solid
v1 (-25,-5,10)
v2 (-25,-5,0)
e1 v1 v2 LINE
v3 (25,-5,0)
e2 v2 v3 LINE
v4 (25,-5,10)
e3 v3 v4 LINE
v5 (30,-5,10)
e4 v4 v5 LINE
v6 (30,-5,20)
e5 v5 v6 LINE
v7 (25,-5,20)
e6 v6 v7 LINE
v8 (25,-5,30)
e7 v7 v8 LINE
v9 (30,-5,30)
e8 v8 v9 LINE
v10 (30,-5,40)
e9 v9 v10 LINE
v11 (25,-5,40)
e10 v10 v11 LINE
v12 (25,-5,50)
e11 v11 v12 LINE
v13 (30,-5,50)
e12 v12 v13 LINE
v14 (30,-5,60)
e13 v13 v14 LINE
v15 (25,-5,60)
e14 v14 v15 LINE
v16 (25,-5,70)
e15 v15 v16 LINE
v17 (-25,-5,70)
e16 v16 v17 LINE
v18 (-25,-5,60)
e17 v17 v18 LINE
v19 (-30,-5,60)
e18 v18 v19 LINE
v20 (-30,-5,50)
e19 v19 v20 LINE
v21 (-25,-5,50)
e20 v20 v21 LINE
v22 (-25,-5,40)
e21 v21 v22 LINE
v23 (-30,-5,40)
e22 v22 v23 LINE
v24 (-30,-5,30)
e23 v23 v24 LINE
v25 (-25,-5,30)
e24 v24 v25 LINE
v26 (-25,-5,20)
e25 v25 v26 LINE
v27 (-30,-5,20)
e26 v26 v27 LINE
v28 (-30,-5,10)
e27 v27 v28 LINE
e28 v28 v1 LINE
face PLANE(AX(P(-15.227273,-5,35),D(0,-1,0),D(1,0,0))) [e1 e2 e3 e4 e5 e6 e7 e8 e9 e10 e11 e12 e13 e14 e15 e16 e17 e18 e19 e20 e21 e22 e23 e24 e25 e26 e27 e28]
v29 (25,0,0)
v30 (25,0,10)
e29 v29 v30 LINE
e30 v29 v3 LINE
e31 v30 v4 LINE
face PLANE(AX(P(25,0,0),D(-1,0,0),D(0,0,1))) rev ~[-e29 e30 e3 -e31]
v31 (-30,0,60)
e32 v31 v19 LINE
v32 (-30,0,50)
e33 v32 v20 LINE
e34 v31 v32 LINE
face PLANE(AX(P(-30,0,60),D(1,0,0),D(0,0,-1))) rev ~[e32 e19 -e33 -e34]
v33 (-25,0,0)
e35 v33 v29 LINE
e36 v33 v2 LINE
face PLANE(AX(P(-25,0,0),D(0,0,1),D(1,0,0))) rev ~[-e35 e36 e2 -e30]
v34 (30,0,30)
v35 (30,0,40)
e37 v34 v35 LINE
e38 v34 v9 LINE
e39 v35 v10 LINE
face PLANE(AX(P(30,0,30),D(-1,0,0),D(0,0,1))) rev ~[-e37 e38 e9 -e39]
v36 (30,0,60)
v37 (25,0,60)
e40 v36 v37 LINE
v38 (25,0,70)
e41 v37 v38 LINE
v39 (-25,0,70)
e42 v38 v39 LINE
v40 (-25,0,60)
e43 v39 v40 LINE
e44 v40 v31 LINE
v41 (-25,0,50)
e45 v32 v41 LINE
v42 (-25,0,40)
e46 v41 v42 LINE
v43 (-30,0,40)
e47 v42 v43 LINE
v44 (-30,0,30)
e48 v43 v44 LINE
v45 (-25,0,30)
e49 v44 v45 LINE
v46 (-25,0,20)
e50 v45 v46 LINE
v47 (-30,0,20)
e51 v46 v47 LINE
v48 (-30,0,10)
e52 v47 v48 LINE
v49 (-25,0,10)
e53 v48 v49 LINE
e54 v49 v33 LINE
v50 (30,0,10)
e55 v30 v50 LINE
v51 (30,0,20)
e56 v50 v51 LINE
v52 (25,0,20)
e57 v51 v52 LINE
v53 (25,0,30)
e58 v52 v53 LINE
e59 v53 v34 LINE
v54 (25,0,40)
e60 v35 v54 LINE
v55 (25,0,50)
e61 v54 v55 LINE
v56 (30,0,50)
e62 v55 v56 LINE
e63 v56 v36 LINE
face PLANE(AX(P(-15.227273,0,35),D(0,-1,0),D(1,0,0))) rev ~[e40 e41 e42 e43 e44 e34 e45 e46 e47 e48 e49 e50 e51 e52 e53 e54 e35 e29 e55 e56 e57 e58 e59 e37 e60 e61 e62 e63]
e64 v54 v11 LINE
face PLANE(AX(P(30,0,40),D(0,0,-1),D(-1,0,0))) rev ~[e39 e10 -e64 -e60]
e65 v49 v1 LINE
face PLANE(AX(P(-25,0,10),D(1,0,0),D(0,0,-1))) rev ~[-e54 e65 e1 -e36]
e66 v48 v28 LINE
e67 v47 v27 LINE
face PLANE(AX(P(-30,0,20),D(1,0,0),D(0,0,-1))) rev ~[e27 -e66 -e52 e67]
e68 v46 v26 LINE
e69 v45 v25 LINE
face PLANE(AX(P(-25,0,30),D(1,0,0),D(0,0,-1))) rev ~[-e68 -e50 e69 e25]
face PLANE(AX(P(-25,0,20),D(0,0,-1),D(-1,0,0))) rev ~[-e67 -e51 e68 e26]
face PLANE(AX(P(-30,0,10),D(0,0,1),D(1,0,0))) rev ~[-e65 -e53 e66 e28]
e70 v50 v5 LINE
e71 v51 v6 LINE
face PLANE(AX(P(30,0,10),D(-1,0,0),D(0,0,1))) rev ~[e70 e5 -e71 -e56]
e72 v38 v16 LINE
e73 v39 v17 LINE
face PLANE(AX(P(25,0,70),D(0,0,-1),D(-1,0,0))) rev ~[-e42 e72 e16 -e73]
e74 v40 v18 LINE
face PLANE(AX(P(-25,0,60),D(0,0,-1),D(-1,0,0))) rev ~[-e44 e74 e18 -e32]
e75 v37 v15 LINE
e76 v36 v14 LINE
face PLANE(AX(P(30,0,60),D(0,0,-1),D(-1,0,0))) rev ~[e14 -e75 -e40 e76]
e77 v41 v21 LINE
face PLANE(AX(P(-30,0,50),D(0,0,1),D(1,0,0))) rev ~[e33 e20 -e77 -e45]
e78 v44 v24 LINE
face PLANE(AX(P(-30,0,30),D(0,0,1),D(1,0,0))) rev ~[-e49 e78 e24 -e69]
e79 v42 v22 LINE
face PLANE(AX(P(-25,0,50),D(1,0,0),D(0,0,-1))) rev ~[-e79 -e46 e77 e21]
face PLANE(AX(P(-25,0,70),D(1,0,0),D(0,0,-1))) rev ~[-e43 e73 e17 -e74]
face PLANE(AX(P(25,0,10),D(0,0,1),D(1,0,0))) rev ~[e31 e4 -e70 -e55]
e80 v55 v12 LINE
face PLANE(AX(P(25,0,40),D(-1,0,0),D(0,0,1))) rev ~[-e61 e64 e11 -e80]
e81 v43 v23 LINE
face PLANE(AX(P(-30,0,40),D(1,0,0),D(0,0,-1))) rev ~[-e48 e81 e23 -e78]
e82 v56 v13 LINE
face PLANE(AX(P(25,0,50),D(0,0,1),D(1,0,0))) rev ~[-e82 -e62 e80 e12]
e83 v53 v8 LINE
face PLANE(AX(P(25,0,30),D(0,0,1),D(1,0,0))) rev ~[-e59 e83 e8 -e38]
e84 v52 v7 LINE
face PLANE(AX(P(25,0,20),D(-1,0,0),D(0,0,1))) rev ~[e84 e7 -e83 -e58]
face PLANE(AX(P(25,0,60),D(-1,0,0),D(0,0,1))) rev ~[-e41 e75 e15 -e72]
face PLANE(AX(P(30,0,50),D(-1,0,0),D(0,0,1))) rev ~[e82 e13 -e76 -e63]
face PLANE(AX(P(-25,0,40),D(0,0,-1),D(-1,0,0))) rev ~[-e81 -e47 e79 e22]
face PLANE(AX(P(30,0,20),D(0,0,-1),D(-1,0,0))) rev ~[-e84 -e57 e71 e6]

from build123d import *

# Parameters (mm, degrees)
F1_DEPTH = 5


with BuildPart() as f1:
    # F0 (on Front) → F1 (new body)
    with BuildSketch(Plane.XZ):
        Polygon((0, 0), (0, 70), (-25, 70), (-25, 60), (-30, 60), (-30, 50), (-25, 50), (-25, 40), (-30, 40), (-30, 30), (-25, 30), (-25, 20), (-30, 20), (-30, 10), (-25, 10), (-25, 0), align=None)
        Polygon((25, 70), (0, 70), (0, 0), (25, 0), (25, 10), (30, 10), (30, 20), (25, 20), (25, 30), (30, 30), (30, 40), (25, 40), (25, 50), (30, 50), (30, 60), (25, 60), align=None)
    extrude(amount=F1_DEPTH)


solid = f1.part
